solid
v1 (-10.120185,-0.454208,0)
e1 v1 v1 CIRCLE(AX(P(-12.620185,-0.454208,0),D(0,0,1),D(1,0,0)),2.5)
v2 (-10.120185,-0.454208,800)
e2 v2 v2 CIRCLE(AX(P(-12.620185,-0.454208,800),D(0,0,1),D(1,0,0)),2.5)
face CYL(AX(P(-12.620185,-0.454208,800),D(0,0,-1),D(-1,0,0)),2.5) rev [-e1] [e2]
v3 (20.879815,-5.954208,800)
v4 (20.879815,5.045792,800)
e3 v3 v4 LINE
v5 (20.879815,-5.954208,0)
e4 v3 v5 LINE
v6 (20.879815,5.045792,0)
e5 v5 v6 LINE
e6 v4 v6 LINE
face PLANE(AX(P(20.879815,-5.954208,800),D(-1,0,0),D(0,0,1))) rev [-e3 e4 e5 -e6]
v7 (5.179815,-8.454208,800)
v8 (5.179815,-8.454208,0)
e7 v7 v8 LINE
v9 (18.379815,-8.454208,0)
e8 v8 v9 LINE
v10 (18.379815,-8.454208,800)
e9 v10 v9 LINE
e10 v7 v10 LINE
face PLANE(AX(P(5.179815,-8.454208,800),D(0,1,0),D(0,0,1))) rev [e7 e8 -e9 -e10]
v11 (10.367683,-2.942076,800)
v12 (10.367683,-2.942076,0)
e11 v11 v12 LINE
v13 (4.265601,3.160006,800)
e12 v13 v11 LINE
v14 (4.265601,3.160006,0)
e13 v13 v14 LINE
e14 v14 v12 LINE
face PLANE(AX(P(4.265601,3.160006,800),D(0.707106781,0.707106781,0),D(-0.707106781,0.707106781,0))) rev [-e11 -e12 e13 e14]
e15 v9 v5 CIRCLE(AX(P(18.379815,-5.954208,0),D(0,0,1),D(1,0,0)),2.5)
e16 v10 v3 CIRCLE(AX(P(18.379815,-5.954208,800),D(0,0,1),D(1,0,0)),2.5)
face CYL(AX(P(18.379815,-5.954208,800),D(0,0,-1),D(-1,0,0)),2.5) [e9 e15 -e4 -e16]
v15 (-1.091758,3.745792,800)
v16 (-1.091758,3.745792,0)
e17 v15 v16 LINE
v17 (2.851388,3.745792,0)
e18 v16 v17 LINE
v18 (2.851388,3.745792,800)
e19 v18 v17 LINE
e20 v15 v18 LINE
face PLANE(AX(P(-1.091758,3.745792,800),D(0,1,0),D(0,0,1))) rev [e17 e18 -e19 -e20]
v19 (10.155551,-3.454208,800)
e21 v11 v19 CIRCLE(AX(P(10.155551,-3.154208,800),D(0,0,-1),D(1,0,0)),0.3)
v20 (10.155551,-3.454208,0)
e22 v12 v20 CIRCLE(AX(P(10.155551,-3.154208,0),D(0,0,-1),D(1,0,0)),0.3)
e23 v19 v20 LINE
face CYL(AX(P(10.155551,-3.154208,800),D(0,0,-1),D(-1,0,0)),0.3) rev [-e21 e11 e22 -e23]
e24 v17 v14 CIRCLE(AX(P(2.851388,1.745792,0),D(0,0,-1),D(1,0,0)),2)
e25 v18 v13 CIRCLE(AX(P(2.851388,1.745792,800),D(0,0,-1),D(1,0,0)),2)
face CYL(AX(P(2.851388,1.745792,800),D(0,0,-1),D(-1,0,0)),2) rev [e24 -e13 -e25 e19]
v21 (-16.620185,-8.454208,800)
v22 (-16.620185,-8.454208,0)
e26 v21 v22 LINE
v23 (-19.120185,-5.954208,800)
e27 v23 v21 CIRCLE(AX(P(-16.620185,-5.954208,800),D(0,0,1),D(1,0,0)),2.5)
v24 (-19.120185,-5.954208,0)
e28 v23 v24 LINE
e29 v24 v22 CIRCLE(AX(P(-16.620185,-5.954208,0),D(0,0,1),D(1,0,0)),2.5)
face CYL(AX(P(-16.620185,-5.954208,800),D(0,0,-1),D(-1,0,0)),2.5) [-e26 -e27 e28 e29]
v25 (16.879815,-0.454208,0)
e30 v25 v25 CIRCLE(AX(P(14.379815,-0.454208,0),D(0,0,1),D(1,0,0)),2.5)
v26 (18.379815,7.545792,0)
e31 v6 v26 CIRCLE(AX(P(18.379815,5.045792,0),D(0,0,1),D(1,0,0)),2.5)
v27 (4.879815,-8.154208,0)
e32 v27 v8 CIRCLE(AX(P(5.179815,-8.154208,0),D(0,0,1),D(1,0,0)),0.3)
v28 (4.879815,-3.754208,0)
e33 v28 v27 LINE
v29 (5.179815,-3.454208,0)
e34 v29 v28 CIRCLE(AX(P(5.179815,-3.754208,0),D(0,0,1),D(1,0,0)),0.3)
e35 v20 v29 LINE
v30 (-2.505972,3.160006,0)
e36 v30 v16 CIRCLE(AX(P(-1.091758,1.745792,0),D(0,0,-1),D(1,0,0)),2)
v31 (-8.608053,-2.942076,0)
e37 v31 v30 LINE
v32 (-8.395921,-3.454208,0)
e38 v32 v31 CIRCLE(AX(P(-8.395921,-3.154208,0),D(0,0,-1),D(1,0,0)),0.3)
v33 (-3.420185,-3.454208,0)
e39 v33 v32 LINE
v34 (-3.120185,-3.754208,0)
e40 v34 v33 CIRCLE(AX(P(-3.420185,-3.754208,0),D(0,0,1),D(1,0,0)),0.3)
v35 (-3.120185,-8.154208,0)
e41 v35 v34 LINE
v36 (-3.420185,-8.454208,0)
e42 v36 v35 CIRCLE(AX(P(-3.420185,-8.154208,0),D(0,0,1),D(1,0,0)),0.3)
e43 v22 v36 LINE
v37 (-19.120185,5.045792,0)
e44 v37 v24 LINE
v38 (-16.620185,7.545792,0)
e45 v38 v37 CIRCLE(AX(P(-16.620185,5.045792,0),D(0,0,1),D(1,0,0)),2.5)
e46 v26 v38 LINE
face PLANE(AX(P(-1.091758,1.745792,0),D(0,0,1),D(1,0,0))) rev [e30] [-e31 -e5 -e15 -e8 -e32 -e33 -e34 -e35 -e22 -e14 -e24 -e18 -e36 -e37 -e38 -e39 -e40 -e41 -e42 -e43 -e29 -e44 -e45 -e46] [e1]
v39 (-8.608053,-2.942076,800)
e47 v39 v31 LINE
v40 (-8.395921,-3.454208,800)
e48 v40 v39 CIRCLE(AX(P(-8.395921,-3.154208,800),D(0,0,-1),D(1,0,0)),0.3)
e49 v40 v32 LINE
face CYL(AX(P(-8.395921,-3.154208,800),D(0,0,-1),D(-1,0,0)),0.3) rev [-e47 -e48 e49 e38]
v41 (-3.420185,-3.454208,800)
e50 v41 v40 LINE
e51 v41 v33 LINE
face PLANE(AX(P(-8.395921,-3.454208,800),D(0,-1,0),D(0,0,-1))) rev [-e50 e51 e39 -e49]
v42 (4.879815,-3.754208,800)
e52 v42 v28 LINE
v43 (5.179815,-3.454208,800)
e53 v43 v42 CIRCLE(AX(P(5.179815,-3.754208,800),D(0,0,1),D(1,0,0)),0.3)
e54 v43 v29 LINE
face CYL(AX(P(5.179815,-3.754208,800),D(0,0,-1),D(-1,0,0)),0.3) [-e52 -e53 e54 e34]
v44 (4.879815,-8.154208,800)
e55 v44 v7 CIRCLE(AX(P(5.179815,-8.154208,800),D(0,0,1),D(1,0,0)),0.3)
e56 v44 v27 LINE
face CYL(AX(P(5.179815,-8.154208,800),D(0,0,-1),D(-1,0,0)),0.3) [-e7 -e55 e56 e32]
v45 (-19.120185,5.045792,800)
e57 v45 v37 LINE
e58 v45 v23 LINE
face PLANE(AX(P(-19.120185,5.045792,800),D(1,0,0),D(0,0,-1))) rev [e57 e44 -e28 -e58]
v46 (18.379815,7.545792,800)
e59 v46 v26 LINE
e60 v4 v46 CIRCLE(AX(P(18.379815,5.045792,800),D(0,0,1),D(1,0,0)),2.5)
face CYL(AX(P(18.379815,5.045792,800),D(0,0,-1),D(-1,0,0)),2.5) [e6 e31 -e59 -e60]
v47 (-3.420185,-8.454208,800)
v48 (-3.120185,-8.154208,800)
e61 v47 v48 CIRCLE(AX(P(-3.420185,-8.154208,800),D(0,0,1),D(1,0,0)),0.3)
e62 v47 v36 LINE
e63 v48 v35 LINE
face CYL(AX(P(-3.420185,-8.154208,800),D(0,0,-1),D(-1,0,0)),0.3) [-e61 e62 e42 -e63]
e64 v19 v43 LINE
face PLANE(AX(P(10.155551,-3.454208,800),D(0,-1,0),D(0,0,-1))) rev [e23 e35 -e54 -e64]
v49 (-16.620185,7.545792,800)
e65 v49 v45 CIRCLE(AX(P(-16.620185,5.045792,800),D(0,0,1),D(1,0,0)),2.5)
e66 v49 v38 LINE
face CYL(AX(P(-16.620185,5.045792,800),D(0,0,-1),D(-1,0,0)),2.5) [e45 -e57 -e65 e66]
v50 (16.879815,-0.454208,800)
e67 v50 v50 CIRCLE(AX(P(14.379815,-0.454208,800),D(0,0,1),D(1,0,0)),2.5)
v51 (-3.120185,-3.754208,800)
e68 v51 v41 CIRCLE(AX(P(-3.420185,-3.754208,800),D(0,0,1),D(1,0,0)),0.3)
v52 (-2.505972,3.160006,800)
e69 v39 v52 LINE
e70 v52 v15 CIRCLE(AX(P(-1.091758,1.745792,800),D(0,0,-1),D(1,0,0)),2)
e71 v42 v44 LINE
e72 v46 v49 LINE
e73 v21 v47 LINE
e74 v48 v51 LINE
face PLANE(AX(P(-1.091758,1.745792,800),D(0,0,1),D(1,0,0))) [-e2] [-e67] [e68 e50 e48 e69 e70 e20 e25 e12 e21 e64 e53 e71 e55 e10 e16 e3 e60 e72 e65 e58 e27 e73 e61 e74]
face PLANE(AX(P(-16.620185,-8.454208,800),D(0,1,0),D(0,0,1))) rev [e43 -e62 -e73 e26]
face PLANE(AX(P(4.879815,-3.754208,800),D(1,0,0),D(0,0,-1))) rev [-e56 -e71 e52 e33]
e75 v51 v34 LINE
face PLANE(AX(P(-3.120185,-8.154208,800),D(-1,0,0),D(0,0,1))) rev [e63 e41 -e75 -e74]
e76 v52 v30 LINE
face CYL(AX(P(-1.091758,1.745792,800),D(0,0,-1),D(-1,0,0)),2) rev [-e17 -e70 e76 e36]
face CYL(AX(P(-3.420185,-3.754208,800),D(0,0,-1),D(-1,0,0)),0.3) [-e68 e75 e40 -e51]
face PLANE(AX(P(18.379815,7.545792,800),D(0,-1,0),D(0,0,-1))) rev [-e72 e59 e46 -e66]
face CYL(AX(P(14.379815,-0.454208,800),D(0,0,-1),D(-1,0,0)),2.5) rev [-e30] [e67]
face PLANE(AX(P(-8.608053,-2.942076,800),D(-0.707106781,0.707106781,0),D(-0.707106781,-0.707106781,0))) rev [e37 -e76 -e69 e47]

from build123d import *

# Parameters (mm, degrees)
SKETCH_1_R      = 2.5
EXTRUDE_1_DEPTH = 800


with BuildPart() as part:
    # 草图1 → 凸台-拉伸1 (new body)
    with BuildSketch(Plane.XY):
        with BuildLine():
            Line((-1.091758205, 3.745792426), (2.851387546, 3.745792426))
            ThreePointArc((2.851387546, 3.745792426), (3.61675441, 3.593551491), (4.265601108, 3.160005989))
            Line((4.265601108, 3.160005989), (10.367682636, -2.942075539))
            ThreePointArc((10.367682636, -2.942075539), (10.432714461, -3.269012603), (10.155550602, -3.454207574))
            Line((10.155550602, -3.454207574), (5.17981467, -3.454207574))
            ThreePointArc((5.17981467, -3.454207574), (4.967682636, -3.542075539), (4.87981467, -3.754207574))
            Line((4.87981467, -3.754207574), (4.87981467, -8.154207574))
            ThreePointArc((4.87981467, -8.154207574), (4.967682636, -8.366339608), (5.17981467, -8.454207574))
            Line((5.17981467, -8.454207574), (18.37981467, -8.454207574))
            ThreePointArc((18.37981467, -8.454207574), (20.147581623, -7.721974527), (20.87981467, -5.954207574))
            Line((20.87981467, -5.954207574), (20.87981467, 5.045792426))
            ThreePointArc((20.87981467, 5.045792426), (20.147581623, 6.813559379), (18.37981467, 7.545792426))
            Line((18.37981467, 7.545792426), (-16.62018533, 7.545792426))
            ThreePointArc((-16.62018533, 7.545792426), (-18.387952283, 6.813559379), (-19.12018533, 5.045792426))
            Line((-19.12018533, 5.045792426), (-19.12018533, -5.954207574))
            ThreePointArc((-19.12018533, -5.954207574), (-18.387952283, -7.721974527), (-16.62018533, -8.454207574))
            Line((-16.62018533, -8.454207574), (-3.42018533, -8.454207574))
            ThreePointArc((-3.42018533, -8.454207574), (-3.208053295, -8.366339608), (-3.12018533, -8.154207574))
            Line((-3.12018533, -8.154207574), (-3.12018533, -3.754207574))
            ThreePointArc((-3.12018533, -3.754207574), (-3.208053295, -3.542075539), (-3.42018533, -3.454207574))
            Line((-3.42018533, -3.454207574), (-8.395921261, -3.454207574))
            ThreePointArc((-8.395921261, -3.454207574), (-8.673085121, -3.269012603), (-8.608053295, -2.942075539))
            Line((-8.608053295, -2.942075539), (-2.505971767, 3.160005989))
            ThreePointArc((-2.505971767, 3.160005989), (-1.85712507, 3.593551491), (-1.091758205, 3.745792426))
        make_face()
        with Locations((-12.62018533, -0.454207574)):
            Circle(SKETCH_1_R, mode=Mode.SUBTRACT)
        with Locations((14.37981467, -0.454207574)):
            Circle(SKETCH_1_R, mode=Mode.SUBTRACT)
    extrude(amount=EXTRUDE_1_DEPTH)


solid = part.part
